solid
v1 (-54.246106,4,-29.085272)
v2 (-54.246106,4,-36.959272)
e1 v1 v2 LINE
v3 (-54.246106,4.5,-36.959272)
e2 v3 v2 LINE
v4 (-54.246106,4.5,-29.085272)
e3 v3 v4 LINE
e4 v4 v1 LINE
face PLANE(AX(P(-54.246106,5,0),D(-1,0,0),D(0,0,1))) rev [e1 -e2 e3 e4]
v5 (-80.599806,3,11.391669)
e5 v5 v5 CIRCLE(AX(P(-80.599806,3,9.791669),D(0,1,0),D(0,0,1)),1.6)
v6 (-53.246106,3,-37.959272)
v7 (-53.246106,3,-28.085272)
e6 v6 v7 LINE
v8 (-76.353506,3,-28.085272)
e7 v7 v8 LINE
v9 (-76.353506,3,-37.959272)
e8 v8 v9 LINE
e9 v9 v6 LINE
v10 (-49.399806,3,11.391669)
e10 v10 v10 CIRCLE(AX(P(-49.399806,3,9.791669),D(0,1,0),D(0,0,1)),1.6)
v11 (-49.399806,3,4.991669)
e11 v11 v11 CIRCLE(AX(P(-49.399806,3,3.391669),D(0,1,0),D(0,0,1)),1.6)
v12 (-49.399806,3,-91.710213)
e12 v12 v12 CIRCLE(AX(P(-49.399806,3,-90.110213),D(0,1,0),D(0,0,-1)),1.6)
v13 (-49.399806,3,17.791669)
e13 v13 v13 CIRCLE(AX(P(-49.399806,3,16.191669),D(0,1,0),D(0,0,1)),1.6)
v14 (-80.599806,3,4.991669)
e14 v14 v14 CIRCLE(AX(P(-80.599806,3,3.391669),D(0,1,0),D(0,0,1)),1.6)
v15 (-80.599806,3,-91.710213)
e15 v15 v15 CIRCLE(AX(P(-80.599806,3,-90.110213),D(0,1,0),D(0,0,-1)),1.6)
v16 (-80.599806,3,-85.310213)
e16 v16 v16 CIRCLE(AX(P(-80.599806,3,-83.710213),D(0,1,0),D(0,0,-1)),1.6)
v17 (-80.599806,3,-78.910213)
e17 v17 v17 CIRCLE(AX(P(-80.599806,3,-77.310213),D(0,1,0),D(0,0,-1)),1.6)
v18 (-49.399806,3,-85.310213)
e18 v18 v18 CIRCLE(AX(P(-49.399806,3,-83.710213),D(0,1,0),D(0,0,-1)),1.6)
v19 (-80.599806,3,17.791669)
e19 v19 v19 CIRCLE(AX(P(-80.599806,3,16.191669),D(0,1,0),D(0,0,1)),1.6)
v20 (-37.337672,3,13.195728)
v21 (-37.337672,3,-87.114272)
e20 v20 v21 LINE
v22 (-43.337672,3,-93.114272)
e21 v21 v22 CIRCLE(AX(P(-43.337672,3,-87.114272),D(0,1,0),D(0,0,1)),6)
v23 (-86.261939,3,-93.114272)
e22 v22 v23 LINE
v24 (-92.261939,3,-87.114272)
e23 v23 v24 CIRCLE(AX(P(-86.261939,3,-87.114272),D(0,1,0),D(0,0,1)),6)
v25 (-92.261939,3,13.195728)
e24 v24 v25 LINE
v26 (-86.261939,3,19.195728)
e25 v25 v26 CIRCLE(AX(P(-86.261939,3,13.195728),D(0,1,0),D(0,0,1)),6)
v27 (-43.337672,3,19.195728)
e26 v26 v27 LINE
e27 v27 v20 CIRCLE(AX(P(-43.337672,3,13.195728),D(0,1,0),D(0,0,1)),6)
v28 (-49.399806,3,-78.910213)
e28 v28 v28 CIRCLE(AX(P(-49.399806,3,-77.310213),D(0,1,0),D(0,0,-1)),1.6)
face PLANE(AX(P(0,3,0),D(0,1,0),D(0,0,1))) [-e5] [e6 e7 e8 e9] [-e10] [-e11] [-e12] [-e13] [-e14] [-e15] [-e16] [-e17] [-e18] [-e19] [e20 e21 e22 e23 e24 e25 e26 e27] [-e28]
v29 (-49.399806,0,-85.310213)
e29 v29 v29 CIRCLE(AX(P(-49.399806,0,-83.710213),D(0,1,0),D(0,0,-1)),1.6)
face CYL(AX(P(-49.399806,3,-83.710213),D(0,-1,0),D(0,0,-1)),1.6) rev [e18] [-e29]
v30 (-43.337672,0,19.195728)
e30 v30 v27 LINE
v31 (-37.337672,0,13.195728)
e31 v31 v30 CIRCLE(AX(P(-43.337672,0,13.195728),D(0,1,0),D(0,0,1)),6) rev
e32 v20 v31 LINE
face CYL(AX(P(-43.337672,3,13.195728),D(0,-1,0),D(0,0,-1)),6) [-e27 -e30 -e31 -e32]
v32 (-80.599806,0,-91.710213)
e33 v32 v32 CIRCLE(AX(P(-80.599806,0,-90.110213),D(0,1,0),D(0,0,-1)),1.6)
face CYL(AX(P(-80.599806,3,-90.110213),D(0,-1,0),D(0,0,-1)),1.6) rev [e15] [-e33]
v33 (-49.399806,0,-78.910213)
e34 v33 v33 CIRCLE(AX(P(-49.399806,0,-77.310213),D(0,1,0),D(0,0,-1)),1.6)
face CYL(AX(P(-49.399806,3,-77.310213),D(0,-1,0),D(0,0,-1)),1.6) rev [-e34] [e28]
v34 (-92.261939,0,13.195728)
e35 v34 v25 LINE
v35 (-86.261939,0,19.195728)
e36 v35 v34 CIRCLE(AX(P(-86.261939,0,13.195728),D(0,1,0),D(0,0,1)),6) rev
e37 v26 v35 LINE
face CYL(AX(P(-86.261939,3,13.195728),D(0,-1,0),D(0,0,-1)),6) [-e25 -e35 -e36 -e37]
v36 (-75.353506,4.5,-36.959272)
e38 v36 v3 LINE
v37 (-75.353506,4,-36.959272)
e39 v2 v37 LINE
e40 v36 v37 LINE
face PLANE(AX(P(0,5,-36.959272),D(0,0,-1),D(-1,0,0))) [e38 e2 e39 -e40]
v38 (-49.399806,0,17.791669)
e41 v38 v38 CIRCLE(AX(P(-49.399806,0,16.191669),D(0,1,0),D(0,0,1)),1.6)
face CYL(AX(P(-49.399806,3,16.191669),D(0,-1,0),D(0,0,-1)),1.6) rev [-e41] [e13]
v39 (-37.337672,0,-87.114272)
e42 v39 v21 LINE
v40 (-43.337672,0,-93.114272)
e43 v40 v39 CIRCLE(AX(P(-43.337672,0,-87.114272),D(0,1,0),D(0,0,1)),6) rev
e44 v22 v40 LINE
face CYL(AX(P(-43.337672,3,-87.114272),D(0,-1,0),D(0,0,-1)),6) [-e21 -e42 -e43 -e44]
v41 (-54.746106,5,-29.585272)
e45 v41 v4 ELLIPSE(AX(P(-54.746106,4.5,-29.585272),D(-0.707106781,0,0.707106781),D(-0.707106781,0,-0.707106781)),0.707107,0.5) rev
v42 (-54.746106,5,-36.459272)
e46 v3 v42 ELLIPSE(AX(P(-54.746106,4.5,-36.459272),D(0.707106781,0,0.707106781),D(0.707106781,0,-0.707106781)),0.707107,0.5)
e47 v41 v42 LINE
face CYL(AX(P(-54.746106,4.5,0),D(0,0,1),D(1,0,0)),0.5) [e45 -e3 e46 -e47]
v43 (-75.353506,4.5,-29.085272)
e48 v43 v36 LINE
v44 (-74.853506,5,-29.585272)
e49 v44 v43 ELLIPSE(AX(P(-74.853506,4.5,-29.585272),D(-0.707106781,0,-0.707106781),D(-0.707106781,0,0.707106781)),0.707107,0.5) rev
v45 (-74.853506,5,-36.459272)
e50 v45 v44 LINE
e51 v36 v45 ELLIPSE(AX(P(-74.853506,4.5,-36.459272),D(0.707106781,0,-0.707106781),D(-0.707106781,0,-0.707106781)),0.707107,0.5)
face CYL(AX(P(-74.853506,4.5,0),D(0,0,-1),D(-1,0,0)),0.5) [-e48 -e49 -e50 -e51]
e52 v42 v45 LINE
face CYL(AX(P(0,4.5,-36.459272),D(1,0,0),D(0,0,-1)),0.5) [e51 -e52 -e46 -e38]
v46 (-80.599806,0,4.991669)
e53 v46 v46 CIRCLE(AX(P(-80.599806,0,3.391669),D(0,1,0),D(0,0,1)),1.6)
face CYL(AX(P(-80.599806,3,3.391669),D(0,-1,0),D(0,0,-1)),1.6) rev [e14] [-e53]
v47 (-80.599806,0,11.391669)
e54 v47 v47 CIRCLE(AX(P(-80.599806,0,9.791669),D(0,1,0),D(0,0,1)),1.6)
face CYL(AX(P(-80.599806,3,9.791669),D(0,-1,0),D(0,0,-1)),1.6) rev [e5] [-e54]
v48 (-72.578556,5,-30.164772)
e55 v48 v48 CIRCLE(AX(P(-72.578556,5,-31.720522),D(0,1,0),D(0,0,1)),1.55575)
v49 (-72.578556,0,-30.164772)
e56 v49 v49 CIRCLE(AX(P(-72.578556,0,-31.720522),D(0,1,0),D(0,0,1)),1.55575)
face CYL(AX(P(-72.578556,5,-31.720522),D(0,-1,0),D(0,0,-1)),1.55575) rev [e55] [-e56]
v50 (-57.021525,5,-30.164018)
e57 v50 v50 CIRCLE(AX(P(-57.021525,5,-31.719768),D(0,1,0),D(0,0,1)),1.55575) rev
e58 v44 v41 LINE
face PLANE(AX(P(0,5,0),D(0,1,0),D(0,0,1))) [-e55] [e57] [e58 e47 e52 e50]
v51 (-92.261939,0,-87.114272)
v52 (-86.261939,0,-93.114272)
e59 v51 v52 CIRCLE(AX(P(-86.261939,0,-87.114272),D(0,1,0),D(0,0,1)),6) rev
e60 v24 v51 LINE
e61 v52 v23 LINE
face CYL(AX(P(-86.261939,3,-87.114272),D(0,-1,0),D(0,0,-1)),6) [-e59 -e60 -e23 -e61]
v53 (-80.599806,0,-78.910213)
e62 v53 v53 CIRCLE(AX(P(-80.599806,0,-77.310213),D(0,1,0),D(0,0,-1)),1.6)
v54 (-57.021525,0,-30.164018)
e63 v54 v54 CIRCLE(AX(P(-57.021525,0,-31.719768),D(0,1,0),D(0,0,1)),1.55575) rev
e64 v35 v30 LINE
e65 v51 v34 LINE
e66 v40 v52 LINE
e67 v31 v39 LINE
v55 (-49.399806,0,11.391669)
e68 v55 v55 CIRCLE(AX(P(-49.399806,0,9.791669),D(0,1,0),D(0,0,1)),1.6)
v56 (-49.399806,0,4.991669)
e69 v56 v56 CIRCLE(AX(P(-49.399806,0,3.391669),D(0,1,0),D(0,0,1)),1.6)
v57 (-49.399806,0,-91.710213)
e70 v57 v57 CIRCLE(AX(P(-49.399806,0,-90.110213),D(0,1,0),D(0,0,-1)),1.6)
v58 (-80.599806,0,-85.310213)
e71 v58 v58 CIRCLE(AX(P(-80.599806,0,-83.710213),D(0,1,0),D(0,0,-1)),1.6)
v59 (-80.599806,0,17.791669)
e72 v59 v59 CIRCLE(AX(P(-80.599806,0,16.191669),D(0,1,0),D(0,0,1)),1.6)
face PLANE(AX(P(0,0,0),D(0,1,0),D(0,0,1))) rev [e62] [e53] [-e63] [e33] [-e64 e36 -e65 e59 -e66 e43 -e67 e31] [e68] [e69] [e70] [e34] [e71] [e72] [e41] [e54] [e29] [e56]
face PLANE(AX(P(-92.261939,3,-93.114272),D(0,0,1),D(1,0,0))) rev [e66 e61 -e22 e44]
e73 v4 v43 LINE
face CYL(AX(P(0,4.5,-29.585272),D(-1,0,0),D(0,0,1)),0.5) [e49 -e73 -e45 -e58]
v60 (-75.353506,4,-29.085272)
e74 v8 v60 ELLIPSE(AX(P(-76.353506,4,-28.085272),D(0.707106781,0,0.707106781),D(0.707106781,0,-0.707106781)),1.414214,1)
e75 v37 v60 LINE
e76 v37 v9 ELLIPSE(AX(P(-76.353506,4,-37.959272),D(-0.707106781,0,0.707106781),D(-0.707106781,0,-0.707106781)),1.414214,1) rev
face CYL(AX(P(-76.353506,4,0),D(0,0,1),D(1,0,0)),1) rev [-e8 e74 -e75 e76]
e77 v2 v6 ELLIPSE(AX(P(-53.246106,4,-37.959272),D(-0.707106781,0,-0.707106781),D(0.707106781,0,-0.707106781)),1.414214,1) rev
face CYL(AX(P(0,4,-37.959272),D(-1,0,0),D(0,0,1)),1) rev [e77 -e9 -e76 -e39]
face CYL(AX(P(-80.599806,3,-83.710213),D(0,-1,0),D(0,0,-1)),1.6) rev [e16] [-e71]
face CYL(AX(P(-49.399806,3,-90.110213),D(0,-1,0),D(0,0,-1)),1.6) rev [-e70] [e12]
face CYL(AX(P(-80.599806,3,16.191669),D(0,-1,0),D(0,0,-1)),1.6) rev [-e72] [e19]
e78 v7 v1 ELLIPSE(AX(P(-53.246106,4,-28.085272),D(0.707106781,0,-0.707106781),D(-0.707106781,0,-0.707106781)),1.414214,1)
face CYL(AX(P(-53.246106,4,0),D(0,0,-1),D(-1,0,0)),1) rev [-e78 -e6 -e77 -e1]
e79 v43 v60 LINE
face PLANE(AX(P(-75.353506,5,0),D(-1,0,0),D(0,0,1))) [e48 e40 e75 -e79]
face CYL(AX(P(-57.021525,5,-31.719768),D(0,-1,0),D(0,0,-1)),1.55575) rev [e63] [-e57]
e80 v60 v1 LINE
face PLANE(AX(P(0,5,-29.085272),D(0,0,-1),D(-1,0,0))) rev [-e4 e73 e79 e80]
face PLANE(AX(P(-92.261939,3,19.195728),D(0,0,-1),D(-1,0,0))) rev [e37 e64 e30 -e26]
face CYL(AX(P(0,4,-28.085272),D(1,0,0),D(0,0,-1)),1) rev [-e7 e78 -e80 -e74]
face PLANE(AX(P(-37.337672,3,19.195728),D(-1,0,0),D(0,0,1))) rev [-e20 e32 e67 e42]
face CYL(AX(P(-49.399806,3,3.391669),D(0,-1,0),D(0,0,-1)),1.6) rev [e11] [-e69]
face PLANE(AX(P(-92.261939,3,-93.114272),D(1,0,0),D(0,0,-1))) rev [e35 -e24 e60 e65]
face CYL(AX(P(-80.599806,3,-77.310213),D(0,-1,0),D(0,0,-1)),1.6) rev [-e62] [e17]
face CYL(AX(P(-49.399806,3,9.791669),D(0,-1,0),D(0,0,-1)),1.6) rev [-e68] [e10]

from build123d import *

# Parameters (mm, degrees)
SKETCH1_W           = 54.92426628
SKETCH1_H           = 112.31
SKETCH1_R           = 1.6
BOSS_EXTRUDE1_DEPTH = 3
FILLET1_R           = 6
SKETCH2_W           = 21.1074
SKETCH2_H           = 7.874
SKETCH2_R           = 1.55575
BOSS_EXTRUDE2_DEPTH = 2
SKETCH2_4_R         = 1.55575
CUT_EXTRUDE1_DEPTH  = 4
FILLET2_R           = 1
FILLET3_R           = 0.5


with BuildPart() as part:
    # Sketch1 → Boss-Extrude1 (new body)
    with BuildSketch(Plane(origin=(0, 0, 0), x_dir=(1, 0, 0), z_dir=(0, 1, 0))):
        with Locations((-64.799805622, 36.959272125)):
            Rectangle(SKETCH1_W, SKETCH1_H)
        with Locations((-80.599805622, -16.191669117)):
            Circle(SKETCH1_R, mode=Mode.SUBTRACT)
        with Locations((-80.599805622, -9.791669117)):
            Circle(SKETCH1_R, mode=Mode.SUBTRACT)
        with Locations((-80.599805622, -3.391669117)):
            Circle(SKETCH1_R, mode=Mode.SUBTRACT)
        with Locations((-49.399805622, -3.391669117)):
            Circle(SKETCH1_R, mode=Mode.SUBTRACT)
        with Locations((-49.399805622, -9.791669117)):
            Circle(SKETCH1_R, mode=Mode.SUBTRACT)
        with Locations((-49.399805622, -16.191669117)):
            Circle(SKETCH1_R, mode=Mode.SUBTRACT)
        with Locations((-49.399805622, 90.110213368)):
            Circle(SKETCH1_R, mode=Mode.SUBTRACT)
        with Locations((-49.399805622, 83.710213368)):
            Circle(SKETCH1_R, mode=Mode.SUBTRACT)
        with Locations((-49.399805622, 77.310213368)):
            Circle(SKETCH1_R, mode=Mode.SUBTRACT)
        with Locations((-80.599805622, 77.310213368)):
            Circle(SKETCH1_R, mode=Mode.SUBTRACT)
        with Locations((-80.599805622, 83.710213368)):
            Circle(SKETCH1_R, mode=Mode.SUBTRACT)
        with Locations((-80.599805622, 90.110213368)):
            Circle(SKETCH1_R, mode=Mode.SUBTRACT)
    extrude(amount=BOSS_EXTRUDE1_DEPTH)

    # Fillet1
    fillet1_edges = [part.edges().sort_by_distance(p)[0] for p in [
        (-92.261938762, 1.5, -93.114272125),
        (-37.337672482, 1.5, -93.114272125),
        (-37.337672482, 1.5, 19.195727875),
        (-92.261938762, 1.5, 19.195727875),
    ]]
    fillet(fillet1_edges, radius=FILLET1_R)

    # Sketch2 → Boss-Extrude2 (add)
    with BuildSketch(Plane(origin=(0, 3, 0), x_dir=(1, 0, 0), z_dir=(0, 1, 0))):
        with Locations((-64.799805622, 33.022272125)):
            Rectangle(SKETCH2_W, SKETCH2_H)
        with Locations((-72.578555622, 31.720522125)):
            Circle(SKETCH2_R, mode=Mode.SUBTRACT)
        with Locations((-57.021525285, 31.719768414)):
            Circle(SKETCH2_R, mode=Mode.SUBTRACT)
    extrude(amount=BOSS_EXTRUDE2_DEPTH)

    # Sketch2<4> → Cut-Extrude1 (cut, through all)
    with BuildSketch(Plane(origin=(0, 3, 0), x_dir=(1, 0, 0), z_dir=(0, 1, 0))):
        with Locations((-72.578555622, 31.720522125)):
            Circle(SKETCH2_4_R)
        with Locations((-57.021525285, 31.719768414)):
            Circle(SKETCH2_4_R)
    extrude(amount=-CUT_EXTRUDE1_DEPTH, mode=Mode.SUBTRACT)

    # Fillet2
    fillet2_edges = [part.edges().sort_by_distance(p)[0] for p in [
        (-64.799805622, 3, -29.085272125),
        (-54.246105622, 3, -33.022272125),
        (-64.799805622, 3, -36.959272125),
        (-75.353505622, 3, -33.022272125),
    ]]
    fillet(fillet2_edges, radius=FILLET2_R)

    # Fillet3
    fillet3_edges = [part.edges().sort_by_distance(p)[0] for p in [
        (-64.799805622, 5, -36.959272125),
        (-75.353505622, 5, -33.022272125),
        (-64.799805622, 5, -29.085272125),
        (-54.246105622, 5, -33.022272125),
    ]]
    fillet(fillet3_edges, radius=FILLET3_R)


solid = part.part
